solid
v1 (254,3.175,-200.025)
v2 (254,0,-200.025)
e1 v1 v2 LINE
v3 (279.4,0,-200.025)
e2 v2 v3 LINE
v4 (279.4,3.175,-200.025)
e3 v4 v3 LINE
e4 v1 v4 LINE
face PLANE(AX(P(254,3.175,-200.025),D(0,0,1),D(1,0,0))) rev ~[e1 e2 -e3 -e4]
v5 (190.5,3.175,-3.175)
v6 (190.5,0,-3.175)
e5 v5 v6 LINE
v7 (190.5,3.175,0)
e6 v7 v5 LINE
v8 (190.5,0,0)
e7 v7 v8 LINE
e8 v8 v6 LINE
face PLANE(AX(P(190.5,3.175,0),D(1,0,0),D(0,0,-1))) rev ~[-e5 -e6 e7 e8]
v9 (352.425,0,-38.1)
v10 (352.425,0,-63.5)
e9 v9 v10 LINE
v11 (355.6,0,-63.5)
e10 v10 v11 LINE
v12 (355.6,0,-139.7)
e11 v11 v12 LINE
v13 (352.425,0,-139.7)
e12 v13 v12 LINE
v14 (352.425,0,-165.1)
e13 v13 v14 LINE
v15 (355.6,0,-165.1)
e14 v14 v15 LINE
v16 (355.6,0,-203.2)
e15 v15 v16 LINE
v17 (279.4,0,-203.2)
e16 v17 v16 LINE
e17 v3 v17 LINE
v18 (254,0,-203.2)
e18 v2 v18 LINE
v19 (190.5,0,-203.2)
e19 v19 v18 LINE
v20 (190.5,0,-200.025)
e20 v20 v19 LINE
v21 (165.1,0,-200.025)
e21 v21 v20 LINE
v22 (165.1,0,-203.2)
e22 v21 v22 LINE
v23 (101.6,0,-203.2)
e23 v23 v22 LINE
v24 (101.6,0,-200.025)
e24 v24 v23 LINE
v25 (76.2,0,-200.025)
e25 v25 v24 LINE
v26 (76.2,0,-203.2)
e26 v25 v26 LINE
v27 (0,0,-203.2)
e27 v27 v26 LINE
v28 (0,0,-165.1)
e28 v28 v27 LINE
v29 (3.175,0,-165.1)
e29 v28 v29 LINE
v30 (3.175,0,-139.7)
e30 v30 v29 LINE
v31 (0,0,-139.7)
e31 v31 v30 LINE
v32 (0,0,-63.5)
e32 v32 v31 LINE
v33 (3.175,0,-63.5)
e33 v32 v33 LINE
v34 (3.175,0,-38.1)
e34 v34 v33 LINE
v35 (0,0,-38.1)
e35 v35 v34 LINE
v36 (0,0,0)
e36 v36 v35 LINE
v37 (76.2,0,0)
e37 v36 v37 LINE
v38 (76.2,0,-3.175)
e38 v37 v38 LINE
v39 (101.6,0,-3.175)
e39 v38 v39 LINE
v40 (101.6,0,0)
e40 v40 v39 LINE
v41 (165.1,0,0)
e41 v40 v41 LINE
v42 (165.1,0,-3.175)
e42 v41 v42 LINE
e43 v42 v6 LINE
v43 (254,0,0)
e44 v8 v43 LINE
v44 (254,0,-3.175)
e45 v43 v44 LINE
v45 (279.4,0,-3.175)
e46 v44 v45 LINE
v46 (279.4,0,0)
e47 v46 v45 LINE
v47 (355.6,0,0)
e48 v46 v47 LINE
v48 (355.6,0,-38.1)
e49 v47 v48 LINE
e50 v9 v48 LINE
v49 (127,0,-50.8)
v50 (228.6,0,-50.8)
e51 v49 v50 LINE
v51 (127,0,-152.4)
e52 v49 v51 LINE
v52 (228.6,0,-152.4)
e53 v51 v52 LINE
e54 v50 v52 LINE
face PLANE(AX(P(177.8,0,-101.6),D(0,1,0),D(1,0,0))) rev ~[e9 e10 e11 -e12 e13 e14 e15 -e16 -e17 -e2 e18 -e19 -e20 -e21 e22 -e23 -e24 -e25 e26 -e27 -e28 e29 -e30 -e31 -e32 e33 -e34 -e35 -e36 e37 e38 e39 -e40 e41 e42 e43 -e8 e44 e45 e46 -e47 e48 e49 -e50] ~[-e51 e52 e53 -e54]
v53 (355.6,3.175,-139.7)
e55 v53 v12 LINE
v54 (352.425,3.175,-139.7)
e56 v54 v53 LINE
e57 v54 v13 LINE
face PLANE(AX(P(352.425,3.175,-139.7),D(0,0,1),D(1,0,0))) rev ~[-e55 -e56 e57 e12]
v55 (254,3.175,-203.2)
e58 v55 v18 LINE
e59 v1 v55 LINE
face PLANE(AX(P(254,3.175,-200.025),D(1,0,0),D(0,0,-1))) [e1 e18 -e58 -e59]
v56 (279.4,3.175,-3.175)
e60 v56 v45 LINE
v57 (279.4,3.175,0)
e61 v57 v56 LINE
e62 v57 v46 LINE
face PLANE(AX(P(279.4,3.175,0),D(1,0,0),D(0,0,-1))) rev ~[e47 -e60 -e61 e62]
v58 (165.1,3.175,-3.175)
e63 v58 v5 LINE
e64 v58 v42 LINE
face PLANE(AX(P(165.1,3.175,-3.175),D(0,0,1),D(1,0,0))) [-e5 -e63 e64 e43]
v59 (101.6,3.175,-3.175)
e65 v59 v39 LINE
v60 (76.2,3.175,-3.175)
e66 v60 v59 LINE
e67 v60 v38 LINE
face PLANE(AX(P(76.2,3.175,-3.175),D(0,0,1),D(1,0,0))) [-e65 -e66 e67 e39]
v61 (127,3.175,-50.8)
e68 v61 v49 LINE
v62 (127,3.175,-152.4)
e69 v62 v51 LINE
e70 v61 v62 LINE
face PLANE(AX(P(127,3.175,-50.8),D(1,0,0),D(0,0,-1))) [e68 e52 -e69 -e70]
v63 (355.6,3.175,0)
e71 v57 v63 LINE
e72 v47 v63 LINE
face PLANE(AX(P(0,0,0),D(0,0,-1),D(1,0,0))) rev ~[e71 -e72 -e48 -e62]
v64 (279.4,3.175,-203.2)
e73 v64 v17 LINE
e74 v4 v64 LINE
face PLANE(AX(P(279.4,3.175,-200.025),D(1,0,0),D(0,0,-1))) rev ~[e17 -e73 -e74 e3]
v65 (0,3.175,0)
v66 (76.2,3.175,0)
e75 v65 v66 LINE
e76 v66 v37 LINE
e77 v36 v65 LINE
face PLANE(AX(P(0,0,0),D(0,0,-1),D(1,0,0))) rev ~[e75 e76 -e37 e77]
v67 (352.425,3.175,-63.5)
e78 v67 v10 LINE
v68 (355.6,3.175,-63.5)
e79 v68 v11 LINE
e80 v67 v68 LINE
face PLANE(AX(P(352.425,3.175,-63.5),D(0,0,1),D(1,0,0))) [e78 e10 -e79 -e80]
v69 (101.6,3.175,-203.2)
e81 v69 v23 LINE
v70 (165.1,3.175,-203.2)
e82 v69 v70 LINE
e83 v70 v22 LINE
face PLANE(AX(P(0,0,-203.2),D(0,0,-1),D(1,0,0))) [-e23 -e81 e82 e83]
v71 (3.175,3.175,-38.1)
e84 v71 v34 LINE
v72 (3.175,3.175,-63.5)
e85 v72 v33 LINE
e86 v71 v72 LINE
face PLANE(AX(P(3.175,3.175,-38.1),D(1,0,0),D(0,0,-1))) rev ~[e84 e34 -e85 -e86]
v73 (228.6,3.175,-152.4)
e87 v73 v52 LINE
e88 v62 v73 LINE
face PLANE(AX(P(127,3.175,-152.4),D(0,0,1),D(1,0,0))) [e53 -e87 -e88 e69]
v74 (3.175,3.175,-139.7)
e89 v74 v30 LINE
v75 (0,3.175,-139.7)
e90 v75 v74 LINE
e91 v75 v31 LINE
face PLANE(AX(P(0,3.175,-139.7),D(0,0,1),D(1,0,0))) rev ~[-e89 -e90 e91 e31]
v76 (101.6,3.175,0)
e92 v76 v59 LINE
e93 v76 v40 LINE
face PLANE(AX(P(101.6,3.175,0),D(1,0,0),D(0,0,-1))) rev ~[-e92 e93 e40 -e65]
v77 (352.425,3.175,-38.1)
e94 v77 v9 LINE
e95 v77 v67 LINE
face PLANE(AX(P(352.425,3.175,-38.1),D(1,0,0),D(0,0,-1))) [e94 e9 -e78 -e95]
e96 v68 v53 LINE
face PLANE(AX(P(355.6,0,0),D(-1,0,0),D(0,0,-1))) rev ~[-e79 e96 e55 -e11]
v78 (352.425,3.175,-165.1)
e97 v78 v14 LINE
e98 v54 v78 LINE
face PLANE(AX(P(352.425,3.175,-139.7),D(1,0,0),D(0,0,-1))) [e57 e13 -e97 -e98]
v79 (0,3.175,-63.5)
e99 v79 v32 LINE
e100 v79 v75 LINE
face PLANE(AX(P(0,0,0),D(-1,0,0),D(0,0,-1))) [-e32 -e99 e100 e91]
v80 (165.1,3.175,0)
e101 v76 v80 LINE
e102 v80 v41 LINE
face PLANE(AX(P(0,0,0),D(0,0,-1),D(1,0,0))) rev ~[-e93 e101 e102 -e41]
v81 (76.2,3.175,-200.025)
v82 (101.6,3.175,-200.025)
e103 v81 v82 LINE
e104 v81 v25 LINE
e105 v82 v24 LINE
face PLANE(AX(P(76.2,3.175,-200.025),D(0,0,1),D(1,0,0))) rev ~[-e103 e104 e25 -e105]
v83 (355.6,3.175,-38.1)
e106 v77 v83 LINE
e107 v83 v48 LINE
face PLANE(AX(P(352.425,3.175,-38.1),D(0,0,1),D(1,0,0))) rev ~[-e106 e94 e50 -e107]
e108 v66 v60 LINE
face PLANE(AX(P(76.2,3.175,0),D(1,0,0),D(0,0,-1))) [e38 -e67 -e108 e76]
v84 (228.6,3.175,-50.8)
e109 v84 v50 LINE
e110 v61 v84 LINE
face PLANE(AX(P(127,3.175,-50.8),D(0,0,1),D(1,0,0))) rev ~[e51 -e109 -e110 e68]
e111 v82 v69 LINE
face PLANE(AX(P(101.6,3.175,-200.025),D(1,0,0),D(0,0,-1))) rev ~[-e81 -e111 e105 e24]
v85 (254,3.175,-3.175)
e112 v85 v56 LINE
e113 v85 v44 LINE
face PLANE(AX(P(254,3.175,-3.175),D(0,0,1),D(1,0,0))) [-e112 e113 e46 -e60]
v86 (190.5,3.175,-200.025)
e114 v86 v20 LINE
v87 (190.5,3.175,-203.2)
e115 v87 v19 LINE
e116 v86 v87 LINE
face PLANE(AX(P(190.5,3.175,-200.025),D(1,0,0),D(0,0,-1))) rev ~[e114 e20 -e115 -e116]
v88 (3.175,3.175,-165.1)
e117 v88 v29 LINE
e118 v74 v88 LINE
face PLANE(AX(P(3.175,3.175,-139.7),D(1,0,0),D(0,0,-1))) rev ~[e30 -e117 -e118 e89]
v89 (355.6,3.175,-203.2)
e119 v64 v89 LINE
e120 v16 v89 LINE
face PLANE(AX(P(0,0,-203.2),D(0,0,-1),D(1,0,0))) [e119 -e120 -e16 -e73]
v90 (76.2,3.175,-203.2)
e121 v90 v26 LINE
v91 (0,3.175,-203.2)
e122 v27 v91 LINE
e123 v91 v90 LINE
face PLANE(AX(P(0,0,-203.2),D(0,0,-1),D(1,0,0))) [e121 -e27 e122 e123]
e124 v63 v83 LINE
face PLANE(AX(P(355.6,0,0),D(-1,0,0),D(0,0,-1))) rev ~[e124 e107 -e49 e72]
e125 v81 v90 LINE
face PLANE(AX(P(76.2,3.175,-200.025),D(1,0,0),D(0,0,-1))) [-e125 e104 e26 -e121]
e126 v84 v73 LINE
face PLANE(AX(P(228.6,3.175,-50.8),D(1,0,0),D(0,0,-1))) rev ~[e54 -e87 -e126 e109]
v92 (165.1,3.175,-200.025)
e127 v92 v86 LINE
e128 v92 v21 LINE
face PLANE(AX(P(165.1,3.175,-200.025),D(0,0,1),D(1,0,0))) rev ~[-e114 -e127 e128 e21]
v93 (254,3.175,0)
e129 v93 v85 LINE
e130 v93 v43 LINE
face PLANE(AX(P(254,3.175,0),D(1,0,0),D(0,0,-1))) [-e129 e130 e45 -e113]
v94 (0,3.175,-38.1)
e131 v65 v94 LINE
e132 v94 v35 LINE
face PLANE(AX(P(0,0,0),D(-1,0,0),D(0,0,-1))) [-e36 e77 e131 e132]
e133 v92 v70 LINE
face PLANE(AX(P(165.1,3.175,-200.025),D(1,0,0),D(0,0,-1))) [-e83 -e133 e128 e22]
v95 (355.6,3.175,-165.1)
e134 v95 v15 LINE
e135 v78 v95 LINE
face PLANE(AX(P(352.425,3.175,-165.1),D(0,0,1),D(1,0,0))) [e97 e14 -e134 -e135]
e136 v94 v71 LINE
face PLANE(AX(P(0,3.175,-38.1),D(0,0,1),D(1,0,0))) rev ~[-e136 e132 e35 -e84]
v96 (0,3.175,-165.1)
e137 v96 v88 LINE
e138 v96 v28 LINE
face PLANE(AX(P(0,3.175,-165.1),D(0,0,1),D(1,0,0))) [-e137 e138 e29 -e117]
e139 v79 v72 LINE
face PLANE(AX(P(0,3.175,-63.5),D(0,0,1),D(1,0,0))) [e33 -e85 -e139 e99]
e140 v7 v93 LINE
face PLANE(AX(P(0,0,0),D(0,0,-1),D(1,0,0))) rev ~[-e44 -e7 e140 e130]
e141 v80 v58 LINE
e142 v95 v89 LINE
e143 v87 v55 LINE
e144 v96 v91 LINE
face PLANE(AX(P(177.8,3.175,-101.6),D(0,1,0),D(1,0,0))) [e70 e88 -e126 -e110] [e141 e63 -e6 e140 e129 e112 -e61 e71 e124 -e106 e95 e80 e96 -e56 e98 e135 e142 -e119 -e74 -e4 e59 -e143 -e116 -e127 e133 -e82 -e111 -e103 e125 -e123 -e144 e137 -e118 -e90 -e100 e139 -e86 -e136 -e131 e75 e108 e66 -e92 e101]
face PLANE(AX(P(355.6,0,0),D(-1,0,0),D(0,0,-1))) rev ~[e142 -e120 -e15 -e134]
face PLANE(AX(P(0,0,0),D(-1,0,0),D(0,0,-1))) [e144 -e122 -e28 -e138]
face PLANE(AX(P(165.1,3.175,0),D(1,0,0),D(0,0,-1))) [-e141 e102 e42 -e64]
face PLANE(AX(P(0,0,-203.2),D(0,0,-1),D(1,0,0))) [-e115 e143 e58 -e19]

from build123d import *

# Parameters (mm, degrees)
SKETCH1_W           = 355.6
SKETCH1_H           = 203.2
BOSS_EXTRUDE1_DEPTH = 3.175
SKETCH2_W           = 101.6
SKETCH2_H           = 101.6
CUT_EXTRUDE1_DEPTH  = 4.175
SKETCH4_W           = 25.4
SKETCH4_H           = 3.175
SKETCH4_W_2         = 3.175
SKETCH4_H_2         = 25.4
CUT_EXTRUDE3_DEPTH  = 4.175


with BuildPart() as part:
    # Sketch1 → Boss-Extrude1 (new body)
    with BuildSketch(Plane(origin=(0, 0, 0), x_dir=(1, 0, 0), z_dir=(0, 1, 0))):
        with Locations((177.8, 101.6)):
            Rectangle(SKETCH1_W, SKETCH1_H)
    extrude(amount=BOSS_EXTRUDE1_DEPTH)

    # Sketch2 → Cut-Extrude1 (cut, through all)
    with BuildSketch(Plane(origin=(0, 3.175, 0), x_dir=(1, 0, 0), z_dir=(0, 1, 0))):
        with Locations((177.8, 101.6)):
            Rectangle(SKETCH2_W, SKETCH2_H)
    extrude(amount=-CUT_EXTRUDE1_DEPTH, mode=Mode.SUBTRACT)

    # Sketch4 → Cut-Extrude3 (cut, through all)
    with BuildSketch(Plane(origin=(0, 3.175, 0), x_dir=(1, 0, 0), z_dir=(0, 1, 0))):
        with Locations((88.9, 1.5875)):
            Rectangle(SKETCH4_W, SKETCH4_H)
        with Locations((177.8, 1.5875)):
            Rectangle(SKETCH4_W, SKETCH4_H)
        with Locations((266.7, 1.5875)):
            Rectangle(SKETCH4_W, SKETCH4_H)
        with Locations((266.7, 201.6125)):
            Rectangle(SKETCH4_W, SKETCH4_H)
        with Locations((177.8, 201.6125)):
            Rectangle(SKETCH4_W, SKETCH4_H)
        with Locations((88.9, 201.6125)):
            Rectangle(SKETCH4_W, SKETCH4_H)
        with Locations((1.5875, 152.4)):
            Rectangle(SKETCH4_W_2, SKETCH4_H_2)
        with Locations((1.5875, 50.8)):
            Rectangle(SKETCH4_W_2, SKETCH4_H_2)
        with Locations((354.0125, 50.8)):
            Rectangle(SKETCH4_W_2, SKETCH4_H_2)
        with Locations((354.0125, 152.4)):
            Rectangle(SKETCH4_W_2, SKETCH4_H_2)
    extrude(amount=-CUT_EXTRUDE3_DEPTH, mode=Mode.SUBTRACT)


solid = part.part
